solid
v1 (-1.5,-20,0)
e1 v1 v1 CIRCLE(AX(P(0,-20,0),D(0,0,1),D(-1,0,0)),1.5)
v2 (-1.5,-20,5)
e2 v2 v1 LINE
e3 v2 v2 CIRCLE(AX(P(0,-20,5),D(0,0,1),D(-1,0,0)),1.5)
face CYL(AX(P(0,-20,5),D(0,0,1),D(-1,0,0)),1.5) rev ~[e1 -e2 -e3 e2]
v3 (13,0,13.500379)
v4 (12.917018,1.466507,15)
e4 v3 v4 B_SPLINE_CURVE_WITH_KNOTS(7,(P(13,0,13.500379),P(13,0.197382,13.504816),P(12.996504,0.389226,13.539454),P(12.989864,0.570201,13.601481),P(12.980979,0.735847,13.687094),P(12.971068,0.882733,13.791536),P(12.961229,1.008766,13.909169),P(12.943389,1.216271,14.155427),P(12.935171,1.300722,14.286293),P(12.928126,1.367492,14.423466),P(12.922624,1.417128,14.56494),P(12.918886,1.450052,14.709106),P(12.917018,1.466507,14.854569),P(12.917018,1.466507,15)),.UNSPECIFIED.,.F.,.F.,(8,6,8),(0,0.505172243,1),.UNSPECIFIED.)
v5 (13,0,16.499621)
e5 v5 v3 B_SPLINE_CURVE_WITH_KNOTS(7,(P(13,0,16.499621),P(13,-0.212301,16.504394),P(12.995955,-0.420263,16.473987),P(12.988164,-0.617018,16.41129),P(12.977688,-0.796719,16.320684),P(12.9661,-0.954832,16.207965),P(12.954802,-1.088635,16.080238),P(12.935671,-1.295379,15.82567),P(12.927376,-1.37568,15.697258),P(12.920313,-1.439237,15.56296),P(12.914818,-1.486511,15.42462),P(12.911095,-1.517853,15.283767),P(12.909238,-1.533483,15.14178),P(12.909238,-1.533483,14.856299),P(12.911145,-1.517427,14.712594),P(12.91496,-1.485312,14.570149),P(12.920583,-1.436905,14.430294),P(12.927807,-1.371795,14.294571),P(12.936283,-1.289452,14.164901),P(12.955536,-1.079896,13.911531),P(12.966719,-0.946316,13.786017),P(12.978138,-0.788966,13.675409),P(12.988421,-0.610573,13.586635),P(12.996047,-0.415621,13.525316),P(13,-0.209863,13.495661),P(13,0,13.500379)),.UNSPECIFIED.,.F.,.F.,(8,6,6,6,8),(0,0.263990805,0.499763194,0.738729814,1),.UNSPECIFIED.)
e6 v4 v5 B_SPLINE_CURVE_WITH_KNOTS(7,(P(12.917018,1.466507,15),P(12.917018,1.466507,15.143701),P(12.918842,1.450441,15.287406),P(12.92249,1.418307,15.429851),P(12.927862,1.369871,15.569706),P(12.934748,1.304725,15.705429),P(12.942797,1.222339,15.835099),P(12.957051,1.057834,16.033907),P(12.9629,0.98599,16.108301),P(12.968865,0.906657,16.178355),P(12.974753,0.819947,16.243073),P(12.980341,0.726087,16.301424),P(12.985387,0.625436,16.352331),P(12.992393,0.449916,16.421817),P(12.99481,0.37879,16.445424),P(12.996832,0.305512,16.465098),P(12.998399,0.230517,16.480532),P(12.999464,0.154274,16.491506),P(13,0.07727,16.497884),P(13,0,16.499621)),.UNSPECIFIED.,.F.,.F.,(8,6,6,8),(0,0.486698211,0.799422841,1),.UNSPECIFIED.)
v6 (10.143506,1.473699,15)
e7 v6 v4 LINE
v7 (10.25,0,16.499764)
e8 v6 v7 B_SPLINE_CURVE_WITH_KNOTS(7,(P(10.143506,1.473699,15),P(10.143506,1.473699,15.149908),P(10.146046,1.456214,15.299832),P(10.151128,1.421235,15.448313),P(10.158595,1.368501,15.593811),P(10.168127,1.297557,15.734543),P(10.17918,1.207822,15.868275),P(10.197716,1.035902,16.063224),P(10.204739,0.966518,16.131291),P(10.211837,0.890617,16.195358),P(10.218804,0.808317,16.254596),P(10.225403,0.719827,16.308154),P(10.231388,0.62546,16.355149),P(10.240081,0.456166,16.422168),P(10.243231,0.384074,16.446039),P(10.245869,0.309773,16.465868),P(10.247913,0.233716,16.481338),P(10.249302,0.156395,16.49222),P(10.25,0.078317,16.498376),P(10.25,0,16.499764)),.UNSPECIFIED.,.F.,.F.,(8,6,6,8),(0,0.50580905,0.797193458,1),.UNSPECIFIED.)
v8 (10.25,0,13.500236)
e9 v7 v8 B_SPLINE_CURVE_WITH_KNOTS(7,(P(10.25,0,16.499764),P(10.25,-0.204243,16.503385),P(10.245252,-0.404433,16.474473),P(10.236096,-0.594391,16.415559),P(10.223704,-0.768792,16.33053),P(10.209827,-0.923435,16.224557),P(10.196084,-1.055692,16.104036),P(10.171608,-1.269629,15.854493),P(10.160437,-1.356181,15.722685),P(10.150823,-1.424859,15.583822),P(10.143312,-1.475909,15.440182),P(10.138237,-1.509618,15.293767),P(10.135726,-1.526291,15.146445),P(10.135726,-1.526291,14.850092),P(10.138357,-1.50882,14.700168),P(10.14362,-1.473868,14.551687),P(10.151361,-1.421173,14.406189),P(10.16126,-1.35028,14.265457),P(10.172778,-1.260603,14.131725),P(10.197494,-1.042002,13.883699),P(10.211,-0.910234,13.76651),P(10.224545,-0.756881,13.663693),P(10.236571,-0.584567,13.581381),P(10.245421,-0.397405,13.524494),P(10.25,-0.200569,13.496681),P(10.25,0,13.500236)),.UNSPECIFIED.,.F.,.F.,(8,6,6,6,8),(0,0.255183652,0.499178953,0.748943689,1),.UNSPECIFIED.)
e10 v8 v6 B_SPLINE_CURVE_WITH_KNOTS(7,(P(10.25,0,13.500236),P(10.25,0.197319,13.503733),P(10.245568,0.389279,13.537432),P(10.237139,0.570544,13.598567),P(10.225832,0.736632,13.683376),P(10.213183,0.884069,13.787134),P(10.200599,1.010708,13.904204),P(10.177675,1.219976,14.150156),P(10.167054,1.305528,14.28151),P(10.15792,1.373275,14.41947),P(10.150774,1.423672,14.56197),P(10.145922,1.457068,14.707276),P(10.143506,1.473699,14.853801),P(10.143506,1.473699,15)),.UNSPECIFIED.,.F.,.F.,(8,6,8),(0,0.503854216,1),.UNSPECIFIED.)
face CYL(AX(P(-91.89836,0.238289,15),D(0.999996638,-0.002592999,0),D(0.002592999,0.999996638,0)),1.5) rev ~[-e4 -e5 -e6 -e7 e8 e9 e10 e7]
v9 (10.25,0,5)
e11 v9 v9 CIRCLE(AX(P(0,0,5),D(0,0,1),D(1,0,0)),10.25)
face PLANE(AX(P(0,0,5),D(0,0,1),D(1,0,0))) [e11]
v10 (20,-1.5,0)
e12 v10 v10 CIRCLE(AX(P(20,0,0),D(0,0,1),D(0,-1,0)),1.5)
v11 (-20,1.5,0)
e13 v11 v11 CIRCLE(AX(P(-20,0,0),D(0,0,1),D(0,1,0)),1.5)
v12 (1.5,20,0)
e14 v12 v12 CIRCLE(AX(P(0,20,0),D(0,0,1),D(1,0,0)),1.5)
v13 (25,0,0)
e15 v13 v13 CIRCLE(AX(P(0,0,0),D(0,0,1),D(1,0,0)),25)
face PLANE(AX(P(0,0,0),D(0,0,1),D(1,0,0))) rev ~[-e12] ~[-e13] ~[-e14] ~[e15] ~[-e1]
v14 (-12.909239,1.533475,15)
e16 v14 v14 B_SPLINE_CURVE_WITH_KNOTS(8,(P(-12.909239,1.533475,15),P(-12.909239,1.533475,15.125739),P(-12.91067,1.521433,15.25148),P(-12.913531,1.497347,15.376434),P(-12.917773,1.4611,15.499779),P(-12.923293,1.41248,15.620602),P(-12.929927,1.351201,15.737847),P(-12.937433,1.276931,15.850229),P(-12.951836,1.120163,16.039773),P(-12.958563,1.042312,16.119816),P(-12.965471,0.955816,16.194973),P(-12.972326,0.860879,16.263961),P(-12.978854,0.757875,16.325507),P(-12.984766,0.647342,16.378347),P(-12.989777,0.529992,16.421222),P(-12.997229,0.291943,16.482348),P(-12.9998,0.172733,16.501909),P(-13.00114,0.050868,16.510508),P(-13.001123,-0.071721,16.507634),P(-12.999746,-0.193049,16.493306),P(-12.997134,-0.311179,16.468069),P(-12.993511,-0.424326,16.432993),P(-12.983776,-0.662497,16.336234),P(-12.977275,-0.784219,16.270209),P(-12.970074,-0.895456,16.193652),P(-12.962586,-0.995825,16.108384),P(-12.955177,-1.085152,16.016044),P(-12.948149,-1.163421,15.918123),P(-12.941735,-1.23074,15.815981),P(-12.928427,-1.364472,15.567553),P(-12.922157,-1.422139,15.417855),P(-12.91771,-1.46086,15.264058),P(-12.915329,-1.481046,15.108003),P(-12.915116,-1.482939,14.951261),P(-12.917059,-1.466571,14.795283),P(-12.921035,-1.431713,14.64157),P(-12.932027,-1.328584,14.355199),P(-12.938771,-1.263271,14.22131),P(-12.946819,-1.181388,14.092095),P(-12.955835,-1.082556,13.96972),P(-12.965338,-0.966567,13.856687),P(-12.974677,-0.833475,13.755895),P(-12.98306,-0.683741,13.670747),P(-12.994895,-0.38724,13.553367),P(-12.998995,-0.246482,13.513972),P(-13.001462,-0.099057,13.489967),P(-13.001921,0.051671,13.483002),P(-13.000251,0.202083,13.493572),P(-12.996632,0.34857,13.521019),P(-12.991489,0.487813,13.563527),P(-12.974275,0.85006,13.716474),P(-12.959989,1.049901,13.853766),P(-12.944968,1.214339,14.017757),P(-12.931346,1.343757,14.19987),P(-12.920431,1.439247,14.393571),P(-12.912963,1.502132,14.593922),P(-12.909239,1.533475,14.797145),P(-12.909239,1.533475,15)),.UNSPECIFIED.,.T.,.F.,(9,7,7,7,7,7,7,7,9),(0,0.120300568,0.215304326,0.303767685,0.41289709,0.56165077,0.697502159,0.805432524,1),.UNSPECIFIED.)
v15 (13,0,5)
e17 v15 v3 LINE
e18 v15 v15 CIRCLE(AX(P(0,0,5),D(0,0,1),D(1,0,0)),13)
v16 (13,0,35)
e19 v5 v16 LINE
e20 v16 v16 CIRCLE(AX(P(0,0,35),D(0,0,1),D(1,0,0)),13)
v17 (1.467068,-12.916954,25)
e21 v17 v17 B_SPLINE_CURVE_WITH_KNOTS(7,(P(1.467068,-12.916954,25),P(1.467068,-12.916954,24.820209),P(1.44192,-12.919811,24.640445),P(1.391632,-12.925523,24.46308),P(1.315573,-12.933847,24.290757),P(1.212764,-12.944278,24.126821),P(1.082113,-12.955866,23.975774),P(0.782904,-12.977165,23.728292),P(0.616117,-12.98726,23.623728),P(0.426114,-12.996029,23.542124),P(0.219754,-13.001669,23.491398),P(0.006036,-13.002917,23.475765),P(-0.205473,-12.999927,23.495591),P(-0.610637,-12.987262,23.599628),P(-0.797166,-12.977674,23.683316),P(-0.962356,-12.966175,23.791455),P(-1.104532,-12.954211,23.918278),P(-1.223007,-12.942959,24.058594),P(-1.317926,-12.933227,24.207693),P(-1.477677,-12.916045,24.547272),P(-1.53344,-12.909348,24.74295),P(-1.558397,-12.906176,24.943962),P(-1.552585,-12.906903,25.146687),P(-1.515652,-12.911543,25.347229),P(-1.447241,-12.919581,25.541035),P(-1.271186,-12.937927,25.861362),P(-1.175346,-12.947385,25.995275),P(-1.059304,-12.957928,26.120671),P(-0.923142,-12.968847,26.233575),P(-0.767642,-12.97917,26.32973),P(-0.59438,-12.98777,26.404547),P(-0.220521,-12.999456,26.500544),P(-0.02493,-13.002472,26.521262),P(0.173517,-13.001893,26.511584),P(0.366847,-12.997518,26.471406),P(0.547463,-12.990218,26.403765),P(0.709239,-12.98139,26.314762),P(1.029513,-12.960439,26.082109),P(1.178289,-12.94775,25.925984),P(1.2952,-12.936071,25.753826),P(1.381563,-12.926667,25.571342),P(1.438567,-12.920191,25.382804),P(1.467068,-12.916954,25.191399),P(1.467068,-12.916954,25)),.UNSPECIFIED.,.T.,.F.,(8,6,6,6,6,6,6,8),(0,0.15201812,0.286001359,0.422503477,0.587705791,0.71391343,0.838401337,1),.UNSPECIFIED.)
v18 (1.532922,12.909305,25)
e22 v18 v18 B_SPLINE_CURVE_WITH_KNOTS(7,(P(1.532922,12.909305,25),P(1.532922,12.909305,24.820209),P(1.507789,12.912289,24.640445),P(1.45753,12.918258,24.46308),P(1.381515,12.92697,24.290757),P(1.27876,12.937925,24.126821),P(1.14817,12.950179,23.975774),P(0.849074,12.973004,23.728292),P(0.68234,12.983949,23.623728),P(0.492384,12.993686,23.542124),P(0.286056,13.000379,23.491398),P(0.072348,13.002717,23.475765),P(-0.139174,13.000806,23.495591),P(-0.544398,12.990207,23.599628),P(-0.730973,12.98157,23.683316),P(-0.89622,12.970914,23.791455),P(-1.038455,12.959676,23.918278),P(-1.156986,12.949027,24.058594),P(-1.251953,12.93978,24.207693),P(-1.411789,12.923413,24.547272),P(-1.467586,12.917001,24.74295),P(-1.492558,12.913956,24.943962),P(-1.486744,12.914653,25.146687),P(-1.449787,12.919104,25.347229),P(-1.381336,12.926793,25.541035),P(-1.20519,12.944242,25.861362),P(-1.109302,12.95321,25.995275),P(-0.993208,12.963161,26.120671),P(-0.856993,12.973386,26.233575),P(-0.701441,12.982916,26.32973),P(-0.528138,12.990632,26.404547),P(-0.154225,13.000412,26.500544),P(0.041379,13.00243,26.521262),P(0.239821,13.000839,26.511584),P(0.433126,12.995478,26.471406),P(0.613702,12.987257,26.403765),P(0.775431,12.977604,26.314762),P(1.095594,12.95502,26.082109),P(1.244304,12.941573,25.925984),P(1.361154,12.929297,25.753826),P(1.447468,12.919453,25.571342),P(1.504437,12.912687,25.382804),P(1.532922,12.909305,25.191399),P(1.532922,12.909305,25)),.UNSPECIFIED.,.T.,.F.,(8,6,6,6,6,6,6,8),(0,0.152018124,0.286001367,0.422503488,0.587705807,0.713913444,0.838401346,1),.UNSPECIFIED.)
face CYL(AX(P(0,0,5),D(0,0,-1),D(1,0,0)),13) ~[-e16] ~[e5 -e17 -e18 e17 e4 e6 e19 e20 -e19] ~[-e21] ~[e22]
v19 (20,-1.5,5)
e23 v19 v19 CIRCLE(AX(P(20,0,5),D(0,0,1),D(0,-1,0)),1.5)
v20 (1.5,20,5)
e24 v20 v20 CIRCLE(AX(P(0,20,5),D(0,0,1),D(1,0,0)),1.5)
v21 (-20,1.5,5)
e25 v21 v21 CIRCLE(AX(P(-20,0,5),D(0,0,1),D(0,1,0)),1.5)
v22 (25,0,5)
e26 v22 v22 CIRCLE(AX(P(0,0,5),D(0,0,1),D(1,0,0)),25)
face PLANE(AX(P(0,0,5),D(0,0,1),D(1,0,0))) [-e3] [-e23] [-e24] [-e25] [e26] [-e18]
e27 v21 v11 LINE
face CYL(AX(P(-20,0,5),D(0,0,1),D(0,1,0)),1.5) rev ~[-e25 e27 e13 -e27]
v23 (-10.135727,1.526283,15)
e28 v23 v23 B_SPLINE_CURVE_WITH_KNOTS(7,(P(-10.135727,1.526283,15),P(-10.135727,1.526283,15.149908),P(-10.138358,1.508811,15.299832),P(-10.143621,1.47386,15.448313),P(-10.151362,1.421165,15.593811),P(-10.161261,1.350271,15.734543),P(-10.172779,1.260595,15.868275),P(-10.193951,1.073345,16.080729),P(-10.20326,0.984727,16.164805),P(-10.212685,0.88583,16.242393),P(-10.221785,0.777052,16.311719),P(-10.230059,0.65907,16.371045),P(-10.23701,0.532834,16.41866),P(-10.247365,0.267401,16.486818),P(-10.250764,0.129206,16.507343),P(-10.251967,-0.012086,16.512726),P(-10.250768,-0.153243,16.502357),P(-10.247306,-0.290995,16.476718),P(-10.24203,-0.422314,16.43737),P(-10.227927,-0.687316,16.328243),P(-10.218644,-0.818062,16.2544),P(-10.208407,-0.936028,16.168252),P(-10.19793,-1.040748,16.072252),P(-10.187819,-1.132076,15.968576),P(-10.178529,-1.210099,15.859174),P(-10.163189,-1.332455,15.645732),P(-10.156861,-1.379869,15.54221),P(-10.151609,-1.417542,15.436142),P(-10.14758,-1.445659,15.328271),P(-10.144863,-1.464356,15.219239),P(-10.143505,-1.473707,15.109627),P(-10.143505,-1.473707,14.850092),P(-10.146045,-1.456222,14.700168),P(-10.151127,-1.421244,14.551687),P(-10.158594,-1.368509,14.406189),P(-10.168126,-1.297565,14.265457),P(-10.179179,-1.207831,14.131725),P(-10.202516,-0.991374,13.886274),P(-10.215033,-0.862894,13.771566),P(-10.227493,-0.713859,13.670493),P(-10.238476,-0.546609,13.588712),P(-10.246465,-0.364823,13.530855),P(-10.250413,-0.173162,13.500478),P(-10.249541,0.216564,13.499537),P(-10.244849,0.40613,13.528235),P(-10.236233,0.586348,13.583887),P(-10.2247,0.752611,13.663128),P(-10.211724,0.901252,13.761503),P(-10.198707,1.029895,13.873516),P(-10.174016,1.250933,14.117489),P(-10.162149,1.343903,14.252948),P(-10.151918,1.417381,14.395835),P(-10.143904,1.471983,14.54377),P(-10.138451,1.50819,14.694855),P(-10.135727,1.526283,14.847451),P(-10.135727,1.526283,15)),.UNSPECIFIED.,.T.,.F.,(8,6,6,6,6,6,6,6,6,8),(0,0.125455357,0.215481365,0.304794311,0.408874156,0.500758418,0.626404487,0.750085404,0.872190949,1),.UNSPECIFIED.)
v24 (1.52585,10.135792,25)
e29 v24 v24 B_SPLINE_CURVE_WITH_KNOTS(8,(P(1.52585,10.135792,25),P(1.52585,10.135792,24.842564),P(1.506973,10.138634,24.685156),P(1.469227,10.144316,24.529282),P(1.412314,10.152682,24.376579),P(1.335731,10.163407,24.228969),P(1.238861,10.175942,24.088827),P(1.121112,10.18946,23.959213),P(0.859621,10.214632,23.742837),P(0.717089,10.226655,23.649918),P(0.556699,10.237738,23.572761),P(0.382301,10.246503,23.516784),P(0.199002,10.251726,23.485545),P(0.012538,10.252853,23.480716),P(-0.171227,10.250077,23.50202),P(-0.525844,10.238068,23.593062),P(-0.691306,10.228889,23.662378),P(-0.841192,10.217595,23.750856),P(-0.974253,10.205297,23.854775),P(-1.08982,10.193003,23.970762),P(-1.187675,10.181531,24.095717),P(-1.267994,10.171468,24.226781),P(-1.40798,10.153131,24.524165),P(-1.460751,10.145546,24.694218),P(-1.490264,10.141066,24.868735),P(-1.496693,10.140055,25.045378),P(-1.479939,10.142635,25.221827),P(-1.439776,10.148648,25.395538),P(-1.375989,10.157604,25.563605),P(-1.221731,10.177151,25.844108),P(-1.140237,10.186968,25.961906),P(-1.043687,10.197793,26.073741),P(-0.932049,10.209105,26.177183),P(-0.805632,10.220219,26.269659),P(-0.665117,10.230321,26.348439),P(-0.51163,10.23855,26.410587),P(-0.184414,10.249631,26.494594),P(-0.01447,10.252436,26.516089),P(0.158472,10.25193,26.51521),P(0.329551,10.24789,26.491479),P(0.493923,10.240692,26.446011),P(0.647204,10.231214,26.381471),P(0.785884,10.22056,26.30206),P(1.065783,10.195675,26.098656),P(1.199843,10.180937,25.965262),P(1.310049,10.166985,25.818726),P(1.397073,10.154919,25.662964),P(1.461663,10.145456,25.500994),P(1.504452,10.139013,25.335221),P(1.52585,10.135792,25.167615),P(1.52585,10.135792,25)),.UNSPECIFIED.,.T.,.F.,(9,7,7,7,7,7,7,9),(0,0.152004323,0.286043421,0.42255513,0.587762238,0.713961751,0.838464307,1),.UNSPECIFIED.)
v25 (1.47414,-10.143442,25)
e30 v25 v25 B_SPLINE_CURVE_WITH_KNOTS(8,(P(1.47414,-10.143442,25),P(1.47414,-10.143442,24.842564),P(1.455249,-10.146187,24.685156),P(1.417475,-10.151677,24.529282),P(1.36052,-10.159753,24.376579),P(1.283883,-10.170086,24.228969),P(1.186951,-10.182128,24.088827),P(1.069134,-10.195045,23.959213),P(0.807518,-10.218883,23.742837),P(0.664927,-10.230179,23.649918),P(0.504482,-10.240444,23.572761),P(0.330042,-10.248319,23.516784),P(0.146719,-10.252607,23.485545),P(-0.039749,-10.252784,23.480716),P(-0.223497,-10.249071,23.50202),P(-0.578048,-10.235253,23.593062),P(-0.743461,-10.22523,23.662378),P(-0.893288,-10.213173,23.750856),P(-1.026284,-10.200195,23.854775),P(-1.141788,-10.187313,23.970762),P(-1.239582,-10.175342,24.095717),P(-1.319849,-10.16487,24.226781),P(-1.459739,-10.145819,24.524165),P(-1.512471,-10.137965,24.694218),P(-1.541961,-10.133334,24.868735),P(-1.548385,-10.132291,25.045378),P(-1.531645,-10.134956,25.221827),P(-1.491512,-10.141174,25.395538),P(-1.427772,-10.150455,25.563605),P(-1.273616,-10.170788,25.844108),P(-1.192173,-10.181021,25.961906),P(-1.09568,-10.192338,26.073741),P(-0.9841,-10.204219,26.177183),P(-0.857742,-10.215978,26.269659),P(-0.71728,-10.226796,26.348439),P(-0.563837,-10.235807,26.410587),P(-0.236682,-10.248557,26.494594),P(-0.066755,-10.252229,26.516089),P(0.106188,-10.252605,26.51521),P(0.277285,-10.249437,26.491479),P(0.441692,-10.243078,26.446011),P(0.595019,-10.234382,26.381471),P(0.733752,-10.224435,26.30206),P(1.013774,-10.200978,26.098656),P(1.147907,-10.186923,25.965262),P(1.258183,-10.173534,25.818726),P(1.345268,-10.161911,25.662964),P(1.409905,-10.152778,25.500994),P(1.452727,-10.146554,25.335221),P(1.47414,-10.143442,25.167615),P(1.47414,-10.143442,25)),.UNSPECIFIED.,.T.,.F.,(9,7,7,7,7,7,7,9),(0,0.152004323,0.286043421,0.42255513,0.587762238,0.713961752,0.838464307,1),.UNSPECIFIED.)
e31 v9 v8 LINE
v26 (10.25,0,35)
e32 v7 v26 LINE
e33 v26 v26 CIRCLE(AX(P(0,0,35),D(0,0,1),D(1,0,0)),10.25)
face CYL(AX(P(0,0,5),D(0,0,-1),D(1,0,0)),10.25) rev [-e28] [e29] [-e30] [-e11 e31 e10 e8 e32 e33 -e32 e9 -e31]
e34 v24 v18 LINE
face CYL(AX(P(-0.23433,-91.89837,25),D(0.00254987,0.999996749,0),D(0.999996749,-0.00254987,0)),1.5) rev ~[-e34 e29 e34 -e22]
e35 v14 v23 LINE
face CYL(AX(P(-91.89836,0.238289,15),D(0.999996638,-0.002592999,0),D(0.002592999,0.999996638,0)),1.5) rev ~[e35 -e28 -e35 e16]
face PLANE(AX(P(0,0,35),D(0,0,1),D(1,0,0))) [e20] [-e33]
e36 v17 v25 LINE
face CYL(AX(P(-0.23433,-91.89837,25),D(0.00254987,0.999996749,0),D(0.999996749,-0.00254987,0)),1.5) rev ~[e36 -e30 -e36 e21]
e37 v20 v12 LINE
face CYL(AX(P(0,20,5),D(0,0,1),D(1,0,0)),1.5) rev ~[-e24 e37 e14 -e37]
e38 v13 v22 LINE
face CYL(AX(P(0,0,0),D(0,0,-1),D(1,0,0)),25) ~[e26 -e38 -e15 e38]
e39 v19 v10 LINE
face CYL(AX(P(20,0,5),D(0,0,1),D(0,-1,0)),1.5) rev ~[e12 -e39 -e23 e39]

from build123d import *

# Parameters (mm, degrees)
ESQUISSE1_R                             = 25
BOSS_EXTRU_1_DEPTH                      = 5
ESQUISSE2_R                             = 13
ESQUISSE2_R_2                           = 10.25
BOSS_EXTRU_2_DEPTH                      = 30
ESQUISSE3_R                             = 1.5
ENL_V_MAT_EXTRU_1_DEPTH                 = 47.368092477
R_P_TITION_CIRCULAIRE1_COUNT            = 4
DIAM_TRE_DU_PER_AGE_3_0_3_1_D           = 3
DIAM_TRE_DU_PER_AGE_3_0_3_1_ON_FACE_2_D = 3


with BuildPart() as part:
    # Esquisse1 → Boss.-Extru.1 (new body)
    with BuildSketch(Plane.XY):
        Circle(ESQUISSE1_R)
    extrude(amount=BOSS_EXTRU_1_DEPTH)

    # Esquisse2 → Boss.-Extru.2 (add)
    with BuildSketch(Plane.XY.offset(5)):
        Circle(ESQUISSE2_R)
        Circle(ESQUISSE2_R_2, mode=Mode.SUBTRACT)
    extrude(amount=BOSS_EXTRU_2_DEPTH)

    # Esquisse3 → Enlèv. mat.-Extru.1 (cut, through all)
    with BuildSketch(Plane.XY.offset(5)):
        with Locations((0, 20)):
            Circle(ESQUISSE3_R)
    enl_v_mat_extru_1 = extrude(amount=-ENL_V_MAT_EXTRU_1_DEPTH, mode=Mode.SUBTRACT)

    # Répétition circulaire1: Enlèv. mat.-Extru.1 ×4 about axis
    r_p_tition_circulaire1_axis = Axis((0, 0, 0), (0, 0, 1))
    for i in range(1, R_P_TITION_CIRCULAIRE1_COUNT):
        add(enl_v_mat_extru_1.rotate(r_p_tition_circulaire1_axis, i * 360 / R_P_TITION_CIRCULAIRE1_COUNT), mode=Mode.SUBTRACT)

    # Diamètre du perçage Ø3.0 (3)1 (through all)
    with Locations(Plane(origin=(-0.03314831, -12.999957738, 25), x_dir=(-0.999996749076, 0.002549870024, 0), z_dir=(-0.002549870024, -0.999996749076, 0))):
        with Locations((0, 0)):
            Hole(DIAM_TRE_DU_PER_AGE_3_0_3_1_D / 2)

    # Diamètre du perçage Ø3.0 (3)1 on face 2 (through all)
    with Locations(Plane(origin=(-12.999956307, 0.03370475, 15), x_dir=(-0.002592999062, -0.999996638172, 0), z_dir=(-0.999996638172, 0.002592999062, 0))):
        with Locations((0, 0)):
            Hole(DIAM_TRE_DU_PER_AGE_3_0_3_1_ON_FACE_2_D / 2)


solid = part.part
